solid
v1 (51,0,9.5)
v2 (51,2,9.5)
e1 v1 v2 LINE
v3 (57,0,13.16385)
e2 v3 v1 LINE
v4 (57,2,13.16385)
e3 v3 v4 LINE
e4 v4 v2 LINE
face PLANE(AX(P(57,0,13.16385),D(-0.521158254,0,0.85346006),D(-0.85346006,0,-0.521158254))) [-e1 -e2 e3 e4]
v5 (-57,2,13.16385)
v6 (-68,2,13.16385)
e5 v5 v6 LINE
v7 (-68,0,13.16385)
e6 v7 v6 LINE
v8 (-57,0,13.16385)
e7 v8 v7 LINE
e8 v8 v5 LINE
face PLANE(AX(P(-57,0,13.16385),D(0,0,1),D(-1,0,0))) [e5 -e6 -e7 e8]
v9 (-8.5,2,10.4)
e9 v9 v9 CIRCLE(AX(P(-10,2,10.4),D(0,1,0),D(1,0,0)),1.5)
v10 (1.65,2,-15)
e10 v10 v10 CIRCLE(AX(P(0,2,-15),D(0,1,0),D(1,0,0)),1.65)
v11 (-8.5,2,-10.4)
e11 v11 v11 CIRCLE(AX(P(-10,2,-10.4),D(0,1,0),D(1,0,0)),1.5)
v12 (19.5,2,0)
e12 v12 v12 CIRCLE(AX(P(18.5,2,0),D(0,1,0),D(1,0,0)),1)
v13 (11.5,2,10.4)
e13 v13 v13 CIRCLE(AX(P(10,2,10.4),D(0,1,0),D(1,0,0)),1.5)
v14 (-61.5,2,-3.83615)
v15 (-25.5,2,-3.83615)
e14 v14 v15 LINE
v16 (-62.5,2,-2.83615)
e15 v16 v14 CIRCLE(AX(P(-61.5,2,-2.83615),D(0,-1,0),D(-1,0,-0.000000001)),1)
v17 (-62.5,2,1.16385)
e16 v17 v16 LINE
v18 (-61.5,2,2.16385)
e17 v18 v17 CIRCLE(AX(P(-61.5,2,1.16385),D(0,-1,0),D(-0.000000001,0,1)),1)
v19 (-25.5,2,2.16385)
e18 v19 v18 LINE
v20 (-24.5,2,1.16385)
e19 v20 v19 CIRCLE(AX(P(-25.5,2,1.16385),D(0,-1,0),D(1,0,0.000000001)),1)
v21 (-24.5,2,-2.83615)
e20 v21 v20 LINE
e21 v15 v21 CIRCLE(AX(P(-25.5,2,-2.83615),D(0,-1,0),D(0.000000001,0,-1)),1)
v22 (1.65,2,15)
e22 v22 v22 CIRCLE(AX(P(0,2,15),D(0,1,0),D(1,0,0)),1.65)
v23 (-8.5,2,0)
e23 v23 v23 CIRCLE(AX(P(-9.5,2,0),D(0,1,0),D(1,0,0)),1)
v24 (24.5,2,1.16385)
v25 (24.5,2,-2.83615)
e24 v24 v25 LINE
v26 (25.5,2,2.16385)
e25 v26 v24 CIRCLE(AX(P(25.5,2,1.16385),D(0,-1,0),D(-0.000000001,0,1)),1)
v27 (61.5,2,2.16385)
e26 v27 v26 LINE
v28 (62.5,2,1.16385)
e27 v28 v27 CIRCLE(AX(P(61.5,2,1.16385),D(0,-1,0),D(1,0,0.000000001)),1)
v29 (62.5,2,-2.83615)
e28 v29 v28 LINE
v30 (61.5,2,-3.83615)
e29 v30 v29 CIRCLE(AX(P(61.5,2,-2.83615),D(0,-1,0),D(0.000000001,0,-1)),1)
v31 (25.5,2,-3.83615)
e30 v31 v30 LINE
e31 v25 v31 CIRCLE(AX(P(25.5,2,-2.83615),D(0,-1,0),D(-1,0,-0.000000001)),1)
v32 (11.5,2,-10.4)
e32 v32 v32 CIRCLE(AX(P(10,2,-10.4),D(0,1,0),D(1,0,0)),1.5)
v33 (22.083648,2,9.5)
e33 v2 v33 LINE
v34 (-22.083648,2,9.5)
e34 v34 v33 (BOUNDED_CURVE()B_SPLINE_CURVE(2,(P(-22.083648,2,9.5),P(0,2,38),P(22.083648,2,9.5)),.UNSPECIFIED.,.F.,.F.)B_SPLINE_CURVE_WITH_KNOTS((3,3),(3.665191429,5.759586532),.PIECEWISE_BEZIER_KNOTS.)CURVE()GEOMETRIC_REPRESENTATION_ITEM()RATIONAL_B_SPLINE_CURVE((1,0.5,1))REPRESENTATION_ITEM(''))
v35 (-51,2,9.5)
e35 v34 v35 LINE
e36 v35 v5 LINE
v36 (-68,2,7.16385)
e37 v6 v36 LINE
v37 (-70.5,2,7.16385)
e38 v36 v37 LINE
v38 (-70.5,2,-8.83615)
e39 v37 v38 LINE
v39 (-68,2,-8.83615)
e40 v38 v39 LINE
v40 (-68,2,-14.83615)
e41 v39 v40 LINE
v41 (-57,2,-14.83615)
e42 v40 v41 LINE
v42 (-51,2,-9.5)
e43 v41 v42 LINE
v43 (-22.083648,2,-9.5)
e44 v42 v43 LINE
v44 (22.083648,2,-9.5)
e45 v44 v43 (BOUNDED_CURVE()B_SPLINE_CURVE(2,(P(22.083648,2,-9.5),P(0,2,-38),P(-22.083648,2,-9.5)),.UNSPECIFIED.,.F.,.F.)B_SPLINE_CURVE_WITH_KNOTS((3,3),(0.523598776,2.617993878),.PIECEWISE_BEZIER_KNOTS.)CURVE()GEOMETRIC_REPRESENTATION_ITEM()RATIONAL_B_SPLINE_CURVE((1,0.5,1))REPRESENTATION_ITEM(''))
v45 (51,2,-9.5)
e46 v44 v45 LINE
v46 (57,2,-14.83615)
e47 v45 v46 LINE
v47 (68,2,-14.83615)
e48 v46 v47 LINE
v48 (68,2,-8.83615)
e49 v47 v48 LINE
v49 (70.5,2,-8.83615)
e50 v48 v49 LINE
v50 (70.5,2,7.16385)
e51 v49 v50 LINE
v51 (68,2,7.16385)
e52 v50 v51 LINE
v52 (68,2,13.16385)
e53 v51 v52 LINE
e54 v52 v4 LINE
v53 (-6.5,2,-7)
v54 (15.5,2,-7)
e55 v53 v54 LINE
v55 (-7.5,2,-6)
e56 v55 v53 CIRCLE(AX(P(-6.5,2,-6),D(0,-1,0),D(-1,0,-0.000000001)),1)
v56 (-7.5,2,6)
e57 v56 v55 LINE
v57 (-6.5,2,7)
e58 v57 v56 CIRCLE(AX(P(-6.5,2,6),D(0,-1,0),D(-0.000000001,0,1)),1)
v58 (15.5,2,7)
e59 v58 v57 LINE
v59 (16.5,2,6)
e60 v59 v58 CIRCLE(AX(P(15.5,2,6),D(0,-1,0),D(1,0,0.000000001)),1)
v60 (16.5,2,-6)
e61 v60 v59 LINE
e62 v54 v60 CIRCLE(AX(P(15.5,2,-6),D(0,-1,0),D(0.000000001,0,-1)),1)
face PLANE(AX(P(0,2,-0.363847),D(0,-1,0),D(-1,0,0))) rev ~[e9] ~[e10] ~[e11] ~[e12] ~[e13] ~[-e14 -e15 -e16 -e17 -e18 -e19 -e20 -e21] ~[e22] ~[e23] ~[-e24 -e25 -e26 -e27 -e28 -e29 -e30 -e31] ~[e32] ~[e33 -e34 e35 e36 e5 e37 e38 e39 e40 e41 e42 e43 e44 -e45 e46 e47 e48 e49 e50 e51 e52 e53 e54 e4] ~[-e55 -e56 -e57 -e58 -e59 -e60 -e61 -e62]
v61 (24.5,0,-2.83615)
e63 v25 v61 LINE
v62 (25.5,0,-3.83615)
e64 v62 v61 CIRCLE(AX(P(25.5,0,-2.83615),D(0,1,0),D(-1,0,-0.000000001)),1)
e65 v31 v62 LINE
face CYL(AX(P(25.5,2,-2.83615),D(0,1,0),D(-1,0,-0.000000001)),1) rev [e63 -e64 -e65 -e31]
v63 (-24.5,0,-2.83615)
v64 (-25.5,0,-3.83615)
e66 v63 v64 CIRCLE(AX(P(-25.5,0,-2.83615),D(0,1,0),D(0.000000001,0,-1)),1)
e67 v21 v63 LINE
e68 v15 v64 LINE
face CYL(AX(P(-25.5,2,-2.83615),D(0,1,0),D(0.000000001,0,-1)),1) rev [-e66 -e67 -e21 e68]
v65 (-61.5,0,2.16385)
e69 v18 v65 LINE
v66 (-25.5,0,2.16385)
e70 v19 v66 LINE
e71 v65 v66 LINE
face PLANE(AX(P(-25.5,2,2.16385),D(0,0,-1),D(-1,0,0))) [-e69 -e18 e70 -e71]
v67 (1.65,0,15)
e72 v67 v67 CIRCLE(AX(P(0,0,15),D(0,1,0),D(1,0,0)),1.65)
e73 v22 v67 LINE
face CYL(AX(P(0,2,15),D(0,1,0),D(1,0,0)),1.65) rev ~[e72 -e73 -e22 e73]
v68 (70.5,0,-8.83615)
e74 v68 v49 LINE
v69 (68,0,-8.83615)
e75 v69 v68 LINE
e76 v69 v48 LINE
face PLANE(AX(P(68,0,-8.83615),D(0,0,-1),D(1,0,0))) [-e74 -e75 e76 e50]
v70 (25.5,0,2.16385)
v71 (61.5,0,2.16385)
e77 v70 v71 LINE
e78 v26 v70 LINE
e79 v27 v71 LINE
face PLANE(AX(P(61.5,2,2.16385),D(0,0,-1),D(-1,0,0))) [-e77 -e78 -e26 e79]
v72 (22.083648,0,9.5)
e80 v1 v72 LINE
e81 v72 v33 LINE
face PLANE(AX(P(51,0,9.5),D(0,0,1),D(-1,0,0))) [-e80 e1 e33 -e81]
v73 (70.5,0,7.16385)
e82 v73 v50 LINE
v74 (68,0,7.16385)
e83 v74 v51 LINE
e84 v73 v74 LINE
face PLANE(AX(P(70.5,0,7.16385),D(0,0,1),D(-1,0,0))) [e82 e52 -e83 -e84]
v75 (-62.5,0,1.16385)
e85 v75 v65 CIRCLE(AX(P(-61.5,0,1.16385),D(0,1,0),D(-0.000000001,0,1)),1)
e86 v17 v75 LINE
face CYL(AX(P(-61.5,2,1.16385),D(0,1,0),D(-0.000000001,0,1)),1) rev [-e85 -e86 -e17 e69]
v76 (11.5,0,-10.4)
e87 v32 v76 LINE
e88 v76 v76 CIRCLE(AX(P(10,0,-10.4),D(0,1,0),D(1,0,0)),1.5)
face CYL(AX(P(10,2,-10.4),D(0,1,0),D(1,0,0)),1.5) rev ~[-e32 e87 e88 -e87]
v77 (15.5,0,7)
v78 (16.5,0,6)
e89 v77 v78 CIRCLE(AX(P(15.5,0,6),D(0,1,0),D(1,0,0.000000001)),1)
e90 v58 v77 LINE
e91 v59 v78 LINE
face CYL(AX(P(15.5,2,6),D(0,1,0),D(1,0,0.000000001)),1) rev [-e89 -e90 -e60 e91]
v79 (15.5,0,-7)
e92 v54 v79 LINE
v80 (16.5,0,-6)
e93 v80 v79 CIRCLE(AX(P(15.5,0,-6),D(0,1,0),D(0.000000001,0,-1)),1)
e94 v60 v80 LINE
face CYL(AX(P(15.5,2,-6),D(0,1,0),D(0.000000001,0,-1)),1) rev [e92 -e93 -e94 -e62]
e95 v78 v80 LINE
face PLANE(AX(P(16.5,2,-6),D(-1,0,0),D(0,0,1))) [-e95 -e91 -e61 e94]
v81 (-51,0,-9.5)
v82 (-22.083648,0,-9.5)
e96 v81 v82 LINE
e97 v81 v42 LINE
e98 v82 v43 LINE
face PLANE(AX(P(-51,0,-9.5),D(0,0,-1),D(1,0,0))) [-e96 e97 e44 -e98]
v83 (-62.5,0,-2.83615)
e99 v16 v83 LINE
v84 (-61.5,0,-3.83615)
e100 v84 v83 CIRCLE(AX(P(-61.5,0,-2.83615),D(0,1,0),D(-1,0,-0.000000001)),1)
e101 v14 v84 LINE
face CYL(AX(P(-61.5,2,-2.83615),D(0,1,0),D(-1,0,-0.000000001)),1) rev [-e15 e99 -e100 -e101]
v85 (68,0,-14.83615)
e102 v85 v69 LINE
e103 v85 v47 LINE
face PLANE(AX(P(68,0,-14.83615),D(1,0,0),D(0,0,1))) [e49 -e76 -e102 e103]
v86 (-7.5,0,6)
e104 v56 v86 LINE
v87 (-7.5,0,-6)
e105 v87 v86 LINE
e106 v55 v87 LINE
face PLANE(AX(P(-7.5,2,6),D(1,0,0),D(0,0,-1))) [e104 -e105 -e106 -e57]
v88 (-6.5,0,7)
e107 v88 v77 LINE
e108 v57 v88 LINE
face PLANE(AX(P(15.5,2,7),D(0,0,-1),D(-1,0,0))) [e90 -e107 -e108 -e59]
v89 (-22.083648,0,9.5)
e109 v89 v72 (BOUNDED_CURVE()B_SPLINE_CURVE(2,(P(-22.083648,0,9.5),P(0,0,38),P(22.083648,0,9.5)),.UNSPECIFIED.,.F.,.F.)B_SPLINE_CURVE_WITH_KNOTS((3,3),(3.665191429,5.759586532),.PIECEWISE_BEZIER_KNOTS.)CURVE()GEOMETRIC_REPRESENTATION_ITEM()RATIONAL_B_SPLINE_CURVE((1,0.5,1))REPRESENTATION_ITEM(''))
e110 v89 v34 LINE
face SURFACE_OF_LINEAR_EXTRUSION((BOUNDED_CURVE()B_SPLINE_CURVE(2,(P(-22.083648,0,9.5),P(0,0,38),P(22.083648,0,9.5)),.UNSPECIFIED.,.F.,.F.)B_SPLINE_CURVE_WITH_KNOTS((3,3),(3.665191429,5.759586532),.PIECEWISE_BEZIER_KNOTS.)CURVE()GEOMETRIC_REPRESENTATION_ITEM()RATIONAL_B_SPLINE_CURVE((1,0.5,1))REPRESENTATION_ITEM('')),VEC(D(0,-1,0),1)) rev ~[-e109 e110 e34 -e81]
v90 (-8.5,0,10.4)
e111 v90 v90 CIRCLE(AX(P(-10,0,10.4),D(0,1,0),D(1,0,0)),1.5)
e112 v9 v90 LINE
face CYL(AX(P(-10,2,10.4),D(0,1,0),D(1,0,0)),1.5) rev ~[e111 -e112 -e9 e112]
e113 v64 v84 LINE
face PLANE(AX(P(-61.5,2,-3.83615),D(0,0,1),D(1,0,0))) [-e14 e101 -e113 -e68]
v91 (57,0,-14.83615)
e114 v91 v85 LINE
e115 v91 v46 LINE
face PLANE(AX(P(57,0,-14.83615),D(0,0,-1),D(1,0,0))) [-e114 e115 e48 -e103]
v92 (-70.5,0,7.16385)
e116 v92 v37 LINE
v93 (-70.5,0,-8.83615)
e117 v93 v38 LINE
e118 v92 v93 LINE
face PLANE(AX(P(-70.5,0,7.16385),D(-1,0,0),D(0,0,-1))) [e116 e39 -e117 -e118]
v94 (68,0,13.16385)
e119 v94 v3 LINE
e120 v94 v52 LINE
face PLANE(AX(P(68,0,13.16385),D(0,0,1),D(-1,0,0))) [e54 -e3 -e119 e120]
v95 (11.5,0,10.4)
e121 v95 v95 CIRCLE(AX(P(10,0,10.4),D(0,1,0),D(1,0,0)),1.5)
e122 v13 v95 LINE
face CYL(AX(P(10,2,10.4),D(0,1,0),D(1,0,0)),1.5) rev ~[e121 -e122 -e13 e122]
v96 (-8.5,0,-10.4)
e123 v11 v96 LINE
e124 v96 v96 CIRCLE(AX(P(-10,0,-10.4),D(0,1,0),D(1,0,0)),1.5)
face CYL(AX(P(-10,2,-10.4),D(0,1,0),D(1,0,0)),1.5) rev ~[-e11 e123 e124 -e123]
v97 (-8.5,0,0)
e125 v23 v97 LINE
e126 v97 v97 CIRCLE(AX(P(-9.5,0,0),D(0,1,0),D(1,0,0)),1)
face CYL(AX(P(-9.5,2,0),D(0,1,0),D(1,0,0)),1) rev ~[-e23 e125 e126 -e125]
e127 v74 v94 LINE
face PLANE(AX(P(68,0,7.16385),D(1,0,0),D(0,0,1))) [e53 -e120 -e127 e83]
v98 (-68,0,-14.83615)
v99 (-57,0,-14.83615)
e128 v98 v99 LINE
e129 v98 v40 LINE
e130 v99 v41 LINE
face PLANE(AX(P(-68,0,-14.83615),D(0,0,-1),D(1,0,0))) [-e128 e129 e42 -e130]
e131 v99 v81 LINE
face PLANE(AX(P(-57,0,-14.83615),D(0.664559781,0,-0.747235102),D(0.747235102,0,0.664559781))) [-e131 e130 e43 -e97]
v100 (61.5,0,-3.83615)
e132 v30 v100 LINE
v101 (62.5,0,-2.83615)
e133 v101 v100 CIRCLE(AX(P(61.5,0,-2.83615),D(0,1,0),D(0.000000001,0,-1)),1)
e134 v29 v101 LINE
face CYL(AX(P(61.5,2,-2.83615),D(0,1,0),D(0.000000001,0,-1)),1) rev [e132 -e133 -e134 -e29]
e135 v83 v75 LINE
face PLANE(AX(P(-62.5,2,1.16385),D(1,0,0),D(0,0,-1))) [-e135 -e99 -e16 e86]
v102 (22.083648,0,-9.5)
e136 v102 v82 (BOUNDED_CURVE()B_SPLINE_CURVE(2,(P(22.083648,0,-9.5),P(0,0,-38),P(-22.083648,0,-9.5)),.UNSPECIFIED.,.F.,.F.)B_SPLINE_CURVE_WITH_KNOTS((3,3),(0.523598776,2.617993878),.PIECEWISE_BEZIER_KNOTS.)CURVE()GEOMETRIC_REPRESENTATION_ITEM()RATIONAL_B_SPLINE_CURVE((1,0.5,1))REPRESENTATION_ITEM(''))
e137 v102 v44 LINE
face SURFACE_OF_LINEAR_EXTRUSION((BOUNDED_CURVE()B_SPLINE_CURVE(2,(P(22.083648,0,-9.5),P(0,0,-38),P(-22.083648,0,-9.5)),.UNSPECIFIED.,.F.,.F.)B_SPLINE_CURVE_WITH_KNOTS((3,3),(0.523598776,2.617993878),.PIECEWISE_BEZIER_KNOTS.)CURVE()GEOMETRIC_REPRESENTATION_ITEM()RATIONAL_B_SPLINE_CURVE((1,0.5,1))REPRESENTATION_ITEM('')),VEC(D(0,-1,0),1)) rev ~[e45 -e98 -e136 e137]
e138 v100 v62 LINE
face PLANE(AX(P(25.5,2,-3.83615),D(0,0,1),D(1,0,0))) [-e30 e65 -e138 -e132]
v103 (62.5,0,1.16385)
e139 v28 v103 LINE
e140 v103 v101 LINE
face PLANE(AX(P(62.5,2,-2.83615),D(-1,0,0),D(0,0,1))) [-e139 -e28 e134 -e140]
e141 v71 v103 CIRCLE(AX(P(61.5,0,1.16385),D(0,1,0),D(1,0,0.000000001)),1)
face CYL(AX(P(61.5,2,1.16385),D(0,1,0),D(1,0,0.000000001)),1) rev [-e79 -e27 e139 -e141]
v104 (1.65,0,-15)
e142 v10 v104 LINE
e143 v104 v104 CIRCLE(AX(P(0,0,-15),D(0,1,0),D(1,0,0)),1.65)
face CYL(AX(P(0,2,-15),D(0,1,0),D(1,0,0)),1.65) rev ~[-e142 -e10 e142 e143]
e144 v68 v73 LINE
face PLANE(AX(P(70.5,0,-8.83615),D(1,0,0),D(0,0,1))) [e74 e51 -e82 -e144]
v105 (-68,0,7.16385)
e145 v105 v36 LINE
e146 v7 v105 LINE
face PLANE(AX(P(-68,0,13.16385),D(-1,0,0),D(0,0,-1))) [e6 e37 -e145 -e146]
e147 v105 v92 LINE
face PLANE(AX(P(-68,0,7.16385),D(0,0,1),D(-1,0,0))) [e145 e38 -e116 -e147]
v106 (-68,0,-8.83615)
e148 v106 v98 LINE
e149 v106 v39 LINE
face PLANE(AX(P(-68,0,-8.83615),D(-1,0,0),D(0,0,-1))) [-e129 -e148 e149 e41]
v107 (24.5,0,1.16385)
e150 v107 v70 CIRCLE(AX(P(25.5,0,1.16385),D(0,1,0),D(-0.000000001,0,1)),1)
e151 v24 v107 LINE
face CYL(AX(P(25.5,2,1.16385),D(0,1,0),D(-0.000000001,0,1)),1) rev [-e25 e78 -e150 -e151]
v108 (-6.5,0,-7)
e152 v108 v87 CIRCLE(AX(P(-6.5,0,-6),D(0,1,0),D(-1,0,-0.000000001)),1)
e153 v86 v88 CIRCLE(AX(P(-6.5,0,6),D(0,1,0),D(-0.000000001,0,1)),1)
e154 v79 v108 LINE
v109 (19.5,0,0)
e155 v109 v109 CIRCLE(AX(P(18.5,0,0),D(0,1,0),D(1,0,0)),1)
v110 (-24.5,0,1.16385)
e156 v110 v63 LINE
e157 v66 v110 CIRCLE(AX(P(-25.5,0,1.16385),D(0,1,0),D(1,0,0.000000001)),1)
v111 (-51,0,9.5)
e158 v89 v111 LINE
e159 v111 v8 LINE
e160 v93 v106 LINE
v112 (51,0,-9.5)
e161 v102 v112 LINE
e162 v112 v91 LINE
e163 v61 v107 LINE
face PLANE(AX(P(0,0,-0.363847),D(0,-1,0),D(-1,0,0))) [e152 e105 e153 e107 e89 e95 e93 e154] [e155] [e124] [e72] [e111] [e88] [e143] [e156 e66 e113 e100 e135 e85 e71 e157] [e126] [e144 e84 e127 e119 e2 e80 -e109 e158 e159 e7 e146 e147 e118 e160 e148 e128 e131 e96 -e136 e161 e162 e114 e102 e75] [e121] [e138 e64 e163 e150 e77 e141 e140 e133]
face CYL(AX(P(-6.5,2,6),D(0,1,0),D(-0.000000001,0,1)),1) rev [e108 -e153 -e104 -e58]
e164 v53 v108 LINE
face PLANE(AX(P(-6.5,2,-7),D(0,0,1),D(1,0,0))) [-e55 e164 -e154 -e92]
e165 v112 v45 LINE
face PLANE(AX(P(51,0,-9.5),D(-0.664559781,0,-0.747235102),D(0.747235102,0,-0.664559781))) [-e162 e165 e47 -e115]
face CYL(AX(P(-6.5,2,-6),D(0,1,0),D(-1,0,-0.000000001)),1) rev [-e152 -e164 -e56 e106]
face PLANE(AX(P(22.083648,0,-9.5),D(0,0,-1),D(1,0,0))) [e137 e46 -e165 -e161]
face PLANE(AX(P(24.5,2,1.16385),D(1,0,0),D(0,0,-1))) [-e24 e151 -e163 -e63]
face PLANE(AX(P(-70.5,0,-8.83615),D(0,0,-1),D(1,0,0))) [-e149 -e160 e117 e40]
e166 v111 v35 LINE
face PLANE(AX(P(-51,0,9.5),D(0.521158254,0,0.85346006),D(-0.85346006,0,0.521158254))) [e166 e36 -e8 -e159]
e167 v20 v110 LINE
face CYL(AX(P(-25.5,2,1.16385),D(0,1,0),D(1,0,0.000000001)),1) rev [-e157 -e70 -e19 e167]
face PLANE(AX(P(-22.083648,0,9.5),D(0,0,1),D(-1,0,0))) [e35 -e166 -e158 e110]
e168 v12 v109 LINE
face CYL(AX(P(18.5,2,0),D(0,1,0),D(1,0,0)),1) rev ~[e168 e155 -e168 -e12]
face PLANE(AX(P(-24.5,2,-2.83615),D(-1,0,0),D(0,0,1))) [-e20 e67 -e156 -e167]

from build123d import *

# Parameters (mm, degrees)
RESSALTO_EXTRUS_O1_DEPTH = 2
ESBO_O2_R                = 1.65
ESBO_O2_R_2              = 1.5
ESBO_O2_R_3              = 1
CORTE_EXTRUS_O1_DEPTH    = 3.0000001


with BuildPart() as part:
    # Esboço1 → Ressalto-extrusão1 (new body)
    with BuildSketch(Plane(origin=(0, 0, 0), x_dir=(1, 0, 0), z_dir=(0, 1, 0))):
        with BuildLine():
            Line((-57, 14.836150135), (-51, 9.5))
            Line((-51, 9.5), (-22.083647797, 9.5))
            add(Edge.make_bspline(
                [(22.083647797, 9.5), (0, 38), (-22.083647797, 9.5)],
                knots=[0.523598776, 0.523598776, 0.523598776, 2.617993878, 2.617993878, 2.617993878], degree=2, weights=[1, 0.5, 1]))
            Line((22.083647797, 9.5), (51, 9.5))
            Line((51, 9.5), (57, 14.836150135))
            Line((57, 14.836150135), (68, 14.836150135))
            Line((68, 14.836150135), (68, 8.836150135))
            Line((68, 8.836150135), (70.5, 8.836150135))
            Line((70.5, 8.836150135), (70.5, -7.163849865))
            Line((70.5, -7.163849865), (68, -7.163849865))
            Line((68, -7.163849865), (68, -13.163849865))
            Line((68, -13.163849865), (57, -13.163849865))
            Line((57, -13.163849865), (51, -9.5))
            Line((51, -9.5), (22.083647797, -9.5))
            add(Edge.make_bspline(
                [(-22.083647797, -9.5), (0, -38), (22.083647797, -9.5)],
                knots=[3.665191429, 3.665191429, 3.665191429, 5.759586532, 5.759586532, 5.759586532], degree=2, weights=[1, 0.5, 1]))
            Line((-22.083647797, -9.5), (-51, -9.5))
            Line((-51, -9.5), (-57, -13.163849865))
            Line((-57, -13.163849865), (-68, -13.163849865))
            Line((-68, -13.163849865), (-68, -7.163849865))
            Line((-68, -7.163849865), (-70.5, -7.163849865))
            Line((-70.5, -7.163849865), (-70.5, 8.836150135))
            Line((-70.5, 8.836150135), (-68, 8.836150135))
            Line((-68, 8.836150135), (-68, 14.836150135))
            Line((-68, 14.836150135), (-57, 14.836150135))
        make_face()
    extrude(amount=RESSALTO_EXTRUS_O1_DEPTH)

    # Esboço2 → Corte-extrusão1 (cut, through all)
    with BuildSketch(Plane(origin=(0, 2, 0), x_dir=(1, 0, 0), z_dir=(0, 1, 0))):
        with Locations((0, 15)):
            Circle(ESBO_O2_R)
        with Locations((10, 10.4)):
            Circle(ESBO_O2_R_2)
        with Locations((-10, 10.4)):
            Circle(ESBO_O2_R_2)
        with Locations((0, -15)):
            Circle(ESBO_O2_R)
        with Locations((10, -10.4)):
            Circle(ESBO_O2_R_2)
        with Locations((-10, -10.4)):
            Circle(ESBO_O2_R_2)
        with Locations((-9.5, 0)):
            Circle(ESBO_O2_R_3)
        with Locations((18.5, 0)):
            Circle(ESBO_O2_R_3)
        with BuildLine():
            Line((25.5, 3.836150135), (61.5, 3.836150135))
            ThreePointArc((61.5, 3.836150135), (62.207106781, 3.543256916), (62.5, 2.836150135))
            Line((62.5, 2.836150135), (62.5, -1.163849865))
            ThreePointArc((62.5, -1.163849865), (62.207106781, -1.870956646), (61.5, -2.163849865))
            Line((61.5, -2.163849865), (25.5, -2.163849865))
            ThreePointArc((25.5, -2.163849865), (24.792893219, -1.870956646), (24.5, -1.163849865))
            Line((24.5, -1.163849865), (24.5, 2.836150135))
            ThreePointArc((24.5, 2.836150135), (24.792893219, 3.543256916), (25.5, 3.836150135))
        make_face()
        with BuildLine():
            Line((-61.5, 3.836150135), (-25.5, 3.836150135))
            ThreePointArc((-25.5, 3.836150135), (-24.792893219, 3.543256916), (-24.5, 2.836150135))
            Line((-24.5, 2.836150135), (-24.5, -1.163849865))
            ThreePointArc((-24.5, -1.163849865), (-24.792893219, -1.870956646), (-25.5, -2.163849865))
            Line((-25.5, -2.163849865), (-61.5, -2.163849865))
            ThreePointArc((-61.5, -2.163849865), (-62.207106781, -1.870956646), (-62.5, -1.163849865))
            Line((-62.5, -1.163849865), (-62.5, 2.836150135))
            ThreePointArc((-62.5, 2.836150135), (-62.207106781, 3.543256916), (-61.5, 3.836150135))
        make_face()
        with BuildLine():
            Line((-6.5, 7), (15.5, 7))
            ThreePointArc((15.5, 7), (16.207106781, 6.707106781), (16.5, 6))
            Line((16.5, 6), (16.5, -6))
            ThreePointArc((16.5, -6), (16.207106781, -6.707106781), (15.5, -7))
            Line((15.5, -7), (-6.5, -7))
            ThreePointArc((-6.5, -7), (-7.207106781, -6.707106781), (-7.5, -6))
            Line((-7.5, -6), (-7.5, 6))
            ThreePointArc((-7.5, 6), (-7.207106781, 6.707106781), (-6.5, 7))
        make_face()
    extrude(amount=-CORTE_EXTRUS_O1_DEPTH, mode=Mode.SUBTRACT)


solid = part.part
